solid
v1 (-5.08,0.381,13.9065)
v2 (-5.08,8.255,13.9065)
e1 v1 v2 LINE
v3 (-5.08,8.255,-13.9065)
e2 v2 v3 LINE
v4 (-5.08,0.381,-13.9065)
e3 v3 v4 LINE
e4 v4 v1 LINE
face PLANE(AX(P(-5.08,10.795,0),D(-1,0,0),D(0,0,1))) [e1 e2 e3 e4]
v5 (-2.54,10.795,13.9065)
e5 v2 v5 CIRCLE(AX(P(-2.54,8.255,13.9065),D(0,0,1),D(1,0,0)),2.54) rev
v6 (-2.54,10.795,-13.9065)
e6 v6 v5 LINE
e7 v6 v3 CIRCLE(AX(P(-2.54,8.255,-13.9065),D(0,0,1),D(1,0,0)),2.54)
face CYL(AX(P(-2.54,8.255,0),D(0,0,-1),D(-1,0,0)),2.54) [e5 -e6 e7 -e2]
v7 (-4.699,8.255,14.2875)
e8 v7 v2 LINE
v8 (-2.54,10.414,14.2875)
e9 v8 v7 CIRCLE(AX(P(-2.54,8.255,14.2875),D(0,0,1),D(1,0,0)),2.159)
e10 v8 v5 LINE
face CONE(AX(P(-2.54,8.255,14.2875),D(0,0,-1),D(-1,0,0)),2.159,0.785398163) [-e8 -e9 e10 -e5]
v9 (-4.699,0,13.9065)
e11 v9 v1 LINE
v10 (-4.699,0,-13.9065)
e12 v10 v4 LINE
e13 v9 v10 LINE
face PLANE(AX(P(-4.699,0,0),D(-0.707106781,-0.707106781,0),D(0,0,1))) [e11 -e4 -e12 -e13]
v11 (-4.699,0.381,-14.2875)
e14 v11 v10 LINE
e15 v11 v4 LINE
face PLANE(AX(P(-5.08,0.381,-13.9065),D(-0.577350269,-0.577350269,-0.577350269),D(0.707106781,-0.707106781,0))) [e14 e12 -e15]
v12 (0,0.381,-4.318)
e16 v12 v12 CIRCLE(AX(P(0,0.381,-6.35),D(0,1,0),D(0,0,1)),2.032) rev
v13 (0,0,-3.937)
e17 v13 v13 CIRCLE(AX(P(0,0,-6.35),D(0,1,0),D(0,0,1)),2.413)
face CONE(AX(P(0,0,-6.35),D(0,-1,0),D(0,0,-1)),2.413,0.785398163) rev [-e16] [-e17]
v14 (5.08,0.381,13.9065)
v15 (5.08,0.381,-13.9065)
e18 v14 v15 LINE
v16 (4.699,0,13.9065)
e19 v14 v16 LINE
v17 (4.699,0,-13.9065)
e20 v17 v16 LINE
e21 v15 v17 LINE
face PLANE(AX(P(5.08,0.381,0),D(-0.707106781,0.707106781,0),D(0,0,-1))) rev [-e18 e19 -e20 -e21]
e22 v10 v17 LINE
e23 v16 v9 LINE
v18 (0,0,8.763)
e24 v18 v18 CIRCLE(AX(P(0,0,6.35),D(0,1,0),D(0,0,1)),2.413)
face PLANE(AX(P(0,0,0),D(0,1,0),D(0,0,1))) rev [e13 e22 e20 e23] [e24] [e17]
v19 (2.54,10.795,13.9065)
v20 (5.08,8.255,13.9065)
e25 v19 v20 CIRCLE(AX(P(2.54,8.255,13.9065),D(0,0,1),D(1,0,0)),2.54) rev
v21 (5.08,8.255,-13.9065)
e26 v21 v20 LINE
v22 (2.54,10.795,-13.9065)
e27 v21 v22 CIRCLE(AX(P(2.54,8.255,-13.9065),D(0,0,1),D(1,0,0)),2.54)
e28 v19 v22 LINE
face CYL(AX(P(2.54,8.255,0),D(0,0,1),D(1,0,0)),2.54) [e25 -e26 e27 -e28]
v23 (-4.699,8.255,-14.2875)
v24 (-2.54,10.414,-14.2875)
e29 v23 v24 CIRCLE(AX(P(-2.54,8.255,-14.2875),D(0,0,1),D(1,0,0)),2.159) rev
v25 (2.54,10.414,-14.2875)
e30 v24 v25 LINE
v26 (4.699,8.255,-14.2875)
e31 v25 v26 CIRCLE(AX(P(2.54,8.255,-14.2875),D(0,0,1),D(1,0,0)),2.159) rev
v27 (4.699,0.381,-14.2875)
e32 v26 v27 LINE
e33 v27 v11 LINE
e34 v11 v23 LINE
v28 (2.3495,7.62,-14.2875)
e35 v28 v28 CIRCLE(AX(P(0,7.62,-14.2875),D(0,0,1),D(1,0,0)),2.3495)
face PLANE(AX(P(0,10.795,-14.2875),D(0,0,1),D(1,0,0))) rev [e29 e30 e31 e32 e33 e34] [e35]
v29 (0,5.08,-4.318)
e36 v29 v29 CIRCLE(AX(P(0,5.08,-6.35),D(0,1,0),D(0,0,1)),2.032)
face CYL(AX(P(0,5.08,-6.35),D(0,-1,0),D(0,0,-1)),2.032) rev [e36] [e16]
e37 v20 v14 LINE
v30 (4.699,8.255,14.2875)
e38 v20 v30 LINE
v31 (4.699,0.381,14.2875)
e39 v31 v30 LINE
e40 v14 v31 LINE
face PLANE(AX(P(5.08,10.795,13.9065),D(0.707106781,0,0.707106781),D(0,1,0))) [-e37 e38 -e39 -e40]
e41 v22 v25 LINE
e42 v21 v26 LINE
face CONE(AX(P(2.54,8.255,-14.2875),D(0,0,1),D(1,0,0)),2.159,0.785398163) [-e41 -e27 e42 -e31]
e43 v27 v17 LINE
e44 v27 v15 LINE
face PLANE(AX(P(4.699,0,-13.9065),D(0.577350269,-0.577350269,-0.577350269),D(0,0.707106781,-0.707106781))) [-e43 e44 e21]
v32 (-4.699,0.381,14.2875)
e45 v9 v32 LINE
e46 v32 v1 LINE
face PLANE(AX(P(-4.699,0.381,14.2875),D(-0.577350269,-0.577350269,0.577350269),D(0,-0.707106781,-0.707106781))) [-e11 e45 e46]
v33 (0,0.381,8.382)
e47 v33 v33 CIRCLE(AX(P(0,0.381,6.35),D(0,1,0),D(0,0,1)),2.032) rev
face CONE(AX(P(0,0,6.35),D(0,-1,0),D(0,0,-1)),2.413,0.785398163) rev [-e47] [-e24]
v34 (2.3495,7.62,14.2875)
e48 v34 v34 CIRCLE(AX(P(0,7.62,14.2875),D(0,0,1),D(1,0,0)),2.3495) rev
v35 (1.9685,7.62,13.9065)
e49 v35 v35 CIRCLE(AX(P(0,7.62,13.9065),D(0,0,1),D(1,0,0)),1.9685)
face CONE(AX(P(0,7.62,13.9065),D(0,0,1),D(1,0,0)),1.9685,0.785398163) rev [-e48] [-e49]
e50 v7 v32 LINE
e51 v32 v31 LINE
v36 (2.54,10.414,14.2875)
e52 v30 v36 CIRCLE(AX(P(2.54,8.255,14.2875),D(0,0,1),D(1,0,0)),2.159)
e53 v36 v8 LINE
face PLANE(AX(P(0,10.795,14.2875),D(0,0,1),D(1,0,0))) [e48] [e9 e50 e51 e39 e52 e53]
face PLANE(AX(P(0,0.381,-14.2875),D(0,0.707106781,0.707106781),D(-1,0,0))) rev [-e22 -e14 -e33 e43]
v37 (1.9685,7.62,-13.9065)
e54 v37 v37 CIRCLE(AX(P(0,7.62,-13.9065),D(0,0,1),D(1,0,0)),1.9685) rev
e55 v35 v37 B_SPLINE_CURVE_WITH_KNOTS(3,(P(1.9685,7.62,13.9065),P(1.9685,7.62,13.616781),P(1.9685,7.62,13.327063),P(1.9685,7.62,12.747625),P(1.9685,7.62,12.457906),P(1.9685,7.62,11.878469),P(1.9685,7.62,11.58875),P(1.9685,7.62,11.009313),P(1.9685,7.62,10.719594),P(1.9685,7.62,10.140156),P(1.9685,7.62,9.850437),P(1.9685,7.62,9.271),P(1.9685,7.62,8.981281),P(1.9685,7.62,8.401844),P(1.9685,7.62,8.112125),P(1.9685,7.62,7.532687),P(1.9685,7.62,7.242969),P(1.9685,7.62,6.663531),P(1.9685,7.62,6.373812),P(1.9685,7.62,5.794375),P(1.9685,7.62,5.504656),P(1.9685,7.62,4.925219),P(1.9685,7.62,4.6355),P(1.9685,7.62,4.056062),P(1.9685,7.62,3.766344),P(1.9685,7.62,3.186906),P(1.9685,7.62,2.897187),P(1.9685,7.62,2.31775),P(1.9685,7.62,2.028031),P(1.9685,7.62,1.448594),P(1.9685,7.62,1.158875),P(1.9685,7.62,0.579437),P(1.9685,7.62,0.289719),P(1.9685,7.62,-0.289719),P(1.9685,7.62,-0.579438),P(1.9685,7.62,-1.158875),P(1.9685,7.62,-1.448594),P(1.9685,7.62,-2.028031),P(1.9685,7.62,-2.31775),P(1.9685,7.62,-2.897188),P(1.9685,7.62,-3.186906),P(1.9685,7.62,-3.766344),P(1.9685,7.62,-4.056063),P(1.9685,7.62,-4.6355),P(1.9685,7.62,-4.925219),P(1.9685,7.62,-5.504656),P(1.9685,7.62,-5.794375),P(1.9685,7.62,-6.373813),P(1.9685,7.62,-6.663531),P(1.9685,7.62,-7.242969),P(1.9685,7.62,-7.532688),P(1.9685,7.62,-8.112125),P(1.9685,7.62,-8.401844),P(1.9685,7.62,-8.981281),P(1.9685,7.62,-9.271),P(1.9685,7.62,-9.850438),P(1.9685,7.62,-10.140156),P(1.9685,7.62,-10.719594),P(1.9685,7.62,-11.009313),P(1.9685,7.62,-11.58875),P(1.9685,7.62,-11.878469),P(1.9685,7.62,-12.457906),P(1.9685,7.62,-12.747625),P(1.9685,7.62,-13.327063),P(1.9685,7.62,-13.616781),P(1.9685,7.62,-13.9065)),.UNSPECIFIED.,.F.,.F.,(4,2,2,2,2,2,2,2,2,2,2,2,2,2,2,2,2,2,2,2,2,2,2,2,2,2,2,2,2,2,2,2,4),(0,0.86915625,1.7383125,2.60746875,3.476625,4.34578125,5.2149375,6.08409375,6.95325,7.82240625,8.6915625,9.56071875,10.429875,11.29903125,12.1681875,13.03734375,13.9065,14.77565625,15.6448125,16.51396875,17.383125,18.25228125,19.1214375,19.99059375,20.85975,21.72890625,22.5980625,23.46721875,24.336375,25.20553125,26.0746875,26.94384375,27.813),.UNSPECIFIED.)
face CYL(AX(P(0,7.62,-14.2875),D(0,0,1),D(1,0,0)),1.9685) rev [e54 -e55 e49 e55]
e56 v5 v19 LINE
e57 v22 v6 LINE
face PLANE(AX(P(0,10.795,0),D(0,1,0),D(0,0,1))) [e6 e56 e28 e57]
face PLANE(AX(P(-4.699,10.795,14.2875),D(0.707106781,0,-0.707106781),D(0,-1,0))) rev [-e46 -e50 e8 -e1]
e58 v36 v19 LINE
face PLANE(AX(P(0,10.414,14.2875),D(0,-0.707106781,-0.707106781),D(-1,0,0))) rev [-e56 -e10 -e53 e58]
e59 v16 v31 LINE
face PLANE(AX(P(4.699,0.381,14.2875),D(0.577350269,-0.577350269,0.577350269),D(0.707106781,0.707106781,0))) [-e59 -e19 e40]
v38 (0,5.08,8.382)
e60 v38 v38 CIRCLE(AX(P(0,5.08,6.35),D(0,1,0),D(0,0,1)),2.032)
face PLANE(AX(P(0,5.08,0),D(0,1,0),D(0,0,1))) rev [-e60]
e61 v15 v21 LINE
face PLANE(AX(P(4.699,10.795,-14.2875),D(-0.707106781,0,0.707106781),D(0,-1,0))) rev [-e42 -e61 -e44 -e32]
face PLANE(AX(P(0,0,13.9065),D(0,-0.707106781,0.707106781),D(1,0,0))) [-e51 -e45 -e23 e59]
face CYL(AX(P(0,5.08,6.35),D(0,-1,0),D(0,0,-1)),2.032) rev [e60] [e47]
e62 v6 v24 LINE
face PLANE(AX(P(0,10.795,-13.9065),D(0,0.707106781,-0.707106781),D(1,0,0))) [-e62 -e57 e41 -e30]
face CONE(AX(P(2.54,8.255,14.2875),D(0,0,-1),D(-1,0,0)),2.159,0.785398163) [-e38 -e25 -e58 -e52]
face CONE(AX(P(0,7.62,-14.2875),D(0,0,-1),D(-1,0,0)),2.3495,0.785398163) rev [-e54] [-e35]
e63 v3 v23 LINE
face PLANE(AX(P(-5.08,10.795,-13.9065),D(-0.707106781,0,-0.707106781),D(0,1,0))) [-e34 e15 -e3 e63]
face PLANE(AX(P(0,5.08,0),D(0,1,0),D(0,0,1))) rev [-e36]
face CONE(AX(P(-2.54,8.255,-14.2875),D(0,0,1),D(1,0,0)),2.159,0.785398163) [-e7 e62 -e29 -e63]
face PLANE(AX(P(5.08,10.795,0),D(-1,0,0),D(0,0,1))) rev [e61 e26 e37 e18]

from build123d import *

# Parameters (mm, degrees)
SKETCH1_W           = 10.16
SKETCH1_H           = 28.575
BOSS_EXTRUDE1_DEPTH = 10.795
SKETCH1_6_R         = 2.032
CUT_EXTRUDE3_DEPTH  = 5.08
SKETCH3_R           = 1.9685
CUT_EXTRUDE4_DEPTH  = 31.965610764
FILLET1_R           = 2.54
CHAMFER2_SIZE       = 0.381


with BuildPart() as part:
    # Sketch1 → Boss-Extrude1 (new body)
    with BuildSketch(Plane(origin=(0, 0, 0), x_dir=(1, 0, 0), z_dir=(0, 1, 0))):
        Rectangle(SKETCH1_W, SKETCH1_H)
    extrude(amount=BOSS_EXTRUDE1_DEPTH)

    # Sketch1<6> → Cut-Extrude3 (cut)
    with BuildSketch(Plane(origin=(0, 0, 0), x_dir=(1, 0, 0), z_dir=(0, 1, 0))):
        with Locations((0, 6.35)):
            Circle(SKETCH1_6_R)
        with Locations((0, -6.35)):
            Circle(SKETCH1_6_R)
    extrude(amount=CUT_EXTRUDE3_DEPTH, mode=Mode.SUBTRACT)

    # Sketch3 → Cut-Extrude4 (cut, through all)
    with BuildSketch(Plane.XY.offset(14.2875)):
        with Locations((0, 7.62)):
            Circle(SKETCH3_R)
    extrude(amount=-CUT_EXTRUDE4_DEPTH, mode=Mode.SUBTRACT)

    # Fillet1
    fillet1_edges = [part.edges().sort_by_distance(p)[0] for p in [
        (5.08, 10.795, 0),
        (-5.08, 10.795, 0),
    ]]
    fillet(fillet1_edges, radius=FILLET1_R)

    # Chamfer2
    chamfer2_edges = [part.edges().sort_by_distance(p)[0] for p in [
        (-5.08, 4.1275, -14.2875),
        (5.08, 4.1275, -14.2875),
        (-5.08, 4.1275, 14.2875),
        (5.08, 4.1275, 14.2875),
        (-4.336051224, 10.051051224, -14.2875),
        (0, 10.795, -14.2875),
        (4.336051224, 10.051051224, -14.2875),
        (-4.336051224, 10.051051224, 14.2875),
        (0, 10.795, 14.2875),
        (4.336051224, 10.051051224, 14.2875),
        (-2.032, 0, -6.35),
        (-2.032, 0, 6.35),
        (-1.9685, 7.62, 14.2875),
        (-1.9685, 7.62, -14.2875),
        (0, 0, 14.2875),
        (-5.08, 0, 0),
        (0, 0, -14.2875),
        (5.08, 0, 0),
    ]]
    chamfer(chamfer2_edges, length=CHAMFER2_SIZE)


solid = part.part
